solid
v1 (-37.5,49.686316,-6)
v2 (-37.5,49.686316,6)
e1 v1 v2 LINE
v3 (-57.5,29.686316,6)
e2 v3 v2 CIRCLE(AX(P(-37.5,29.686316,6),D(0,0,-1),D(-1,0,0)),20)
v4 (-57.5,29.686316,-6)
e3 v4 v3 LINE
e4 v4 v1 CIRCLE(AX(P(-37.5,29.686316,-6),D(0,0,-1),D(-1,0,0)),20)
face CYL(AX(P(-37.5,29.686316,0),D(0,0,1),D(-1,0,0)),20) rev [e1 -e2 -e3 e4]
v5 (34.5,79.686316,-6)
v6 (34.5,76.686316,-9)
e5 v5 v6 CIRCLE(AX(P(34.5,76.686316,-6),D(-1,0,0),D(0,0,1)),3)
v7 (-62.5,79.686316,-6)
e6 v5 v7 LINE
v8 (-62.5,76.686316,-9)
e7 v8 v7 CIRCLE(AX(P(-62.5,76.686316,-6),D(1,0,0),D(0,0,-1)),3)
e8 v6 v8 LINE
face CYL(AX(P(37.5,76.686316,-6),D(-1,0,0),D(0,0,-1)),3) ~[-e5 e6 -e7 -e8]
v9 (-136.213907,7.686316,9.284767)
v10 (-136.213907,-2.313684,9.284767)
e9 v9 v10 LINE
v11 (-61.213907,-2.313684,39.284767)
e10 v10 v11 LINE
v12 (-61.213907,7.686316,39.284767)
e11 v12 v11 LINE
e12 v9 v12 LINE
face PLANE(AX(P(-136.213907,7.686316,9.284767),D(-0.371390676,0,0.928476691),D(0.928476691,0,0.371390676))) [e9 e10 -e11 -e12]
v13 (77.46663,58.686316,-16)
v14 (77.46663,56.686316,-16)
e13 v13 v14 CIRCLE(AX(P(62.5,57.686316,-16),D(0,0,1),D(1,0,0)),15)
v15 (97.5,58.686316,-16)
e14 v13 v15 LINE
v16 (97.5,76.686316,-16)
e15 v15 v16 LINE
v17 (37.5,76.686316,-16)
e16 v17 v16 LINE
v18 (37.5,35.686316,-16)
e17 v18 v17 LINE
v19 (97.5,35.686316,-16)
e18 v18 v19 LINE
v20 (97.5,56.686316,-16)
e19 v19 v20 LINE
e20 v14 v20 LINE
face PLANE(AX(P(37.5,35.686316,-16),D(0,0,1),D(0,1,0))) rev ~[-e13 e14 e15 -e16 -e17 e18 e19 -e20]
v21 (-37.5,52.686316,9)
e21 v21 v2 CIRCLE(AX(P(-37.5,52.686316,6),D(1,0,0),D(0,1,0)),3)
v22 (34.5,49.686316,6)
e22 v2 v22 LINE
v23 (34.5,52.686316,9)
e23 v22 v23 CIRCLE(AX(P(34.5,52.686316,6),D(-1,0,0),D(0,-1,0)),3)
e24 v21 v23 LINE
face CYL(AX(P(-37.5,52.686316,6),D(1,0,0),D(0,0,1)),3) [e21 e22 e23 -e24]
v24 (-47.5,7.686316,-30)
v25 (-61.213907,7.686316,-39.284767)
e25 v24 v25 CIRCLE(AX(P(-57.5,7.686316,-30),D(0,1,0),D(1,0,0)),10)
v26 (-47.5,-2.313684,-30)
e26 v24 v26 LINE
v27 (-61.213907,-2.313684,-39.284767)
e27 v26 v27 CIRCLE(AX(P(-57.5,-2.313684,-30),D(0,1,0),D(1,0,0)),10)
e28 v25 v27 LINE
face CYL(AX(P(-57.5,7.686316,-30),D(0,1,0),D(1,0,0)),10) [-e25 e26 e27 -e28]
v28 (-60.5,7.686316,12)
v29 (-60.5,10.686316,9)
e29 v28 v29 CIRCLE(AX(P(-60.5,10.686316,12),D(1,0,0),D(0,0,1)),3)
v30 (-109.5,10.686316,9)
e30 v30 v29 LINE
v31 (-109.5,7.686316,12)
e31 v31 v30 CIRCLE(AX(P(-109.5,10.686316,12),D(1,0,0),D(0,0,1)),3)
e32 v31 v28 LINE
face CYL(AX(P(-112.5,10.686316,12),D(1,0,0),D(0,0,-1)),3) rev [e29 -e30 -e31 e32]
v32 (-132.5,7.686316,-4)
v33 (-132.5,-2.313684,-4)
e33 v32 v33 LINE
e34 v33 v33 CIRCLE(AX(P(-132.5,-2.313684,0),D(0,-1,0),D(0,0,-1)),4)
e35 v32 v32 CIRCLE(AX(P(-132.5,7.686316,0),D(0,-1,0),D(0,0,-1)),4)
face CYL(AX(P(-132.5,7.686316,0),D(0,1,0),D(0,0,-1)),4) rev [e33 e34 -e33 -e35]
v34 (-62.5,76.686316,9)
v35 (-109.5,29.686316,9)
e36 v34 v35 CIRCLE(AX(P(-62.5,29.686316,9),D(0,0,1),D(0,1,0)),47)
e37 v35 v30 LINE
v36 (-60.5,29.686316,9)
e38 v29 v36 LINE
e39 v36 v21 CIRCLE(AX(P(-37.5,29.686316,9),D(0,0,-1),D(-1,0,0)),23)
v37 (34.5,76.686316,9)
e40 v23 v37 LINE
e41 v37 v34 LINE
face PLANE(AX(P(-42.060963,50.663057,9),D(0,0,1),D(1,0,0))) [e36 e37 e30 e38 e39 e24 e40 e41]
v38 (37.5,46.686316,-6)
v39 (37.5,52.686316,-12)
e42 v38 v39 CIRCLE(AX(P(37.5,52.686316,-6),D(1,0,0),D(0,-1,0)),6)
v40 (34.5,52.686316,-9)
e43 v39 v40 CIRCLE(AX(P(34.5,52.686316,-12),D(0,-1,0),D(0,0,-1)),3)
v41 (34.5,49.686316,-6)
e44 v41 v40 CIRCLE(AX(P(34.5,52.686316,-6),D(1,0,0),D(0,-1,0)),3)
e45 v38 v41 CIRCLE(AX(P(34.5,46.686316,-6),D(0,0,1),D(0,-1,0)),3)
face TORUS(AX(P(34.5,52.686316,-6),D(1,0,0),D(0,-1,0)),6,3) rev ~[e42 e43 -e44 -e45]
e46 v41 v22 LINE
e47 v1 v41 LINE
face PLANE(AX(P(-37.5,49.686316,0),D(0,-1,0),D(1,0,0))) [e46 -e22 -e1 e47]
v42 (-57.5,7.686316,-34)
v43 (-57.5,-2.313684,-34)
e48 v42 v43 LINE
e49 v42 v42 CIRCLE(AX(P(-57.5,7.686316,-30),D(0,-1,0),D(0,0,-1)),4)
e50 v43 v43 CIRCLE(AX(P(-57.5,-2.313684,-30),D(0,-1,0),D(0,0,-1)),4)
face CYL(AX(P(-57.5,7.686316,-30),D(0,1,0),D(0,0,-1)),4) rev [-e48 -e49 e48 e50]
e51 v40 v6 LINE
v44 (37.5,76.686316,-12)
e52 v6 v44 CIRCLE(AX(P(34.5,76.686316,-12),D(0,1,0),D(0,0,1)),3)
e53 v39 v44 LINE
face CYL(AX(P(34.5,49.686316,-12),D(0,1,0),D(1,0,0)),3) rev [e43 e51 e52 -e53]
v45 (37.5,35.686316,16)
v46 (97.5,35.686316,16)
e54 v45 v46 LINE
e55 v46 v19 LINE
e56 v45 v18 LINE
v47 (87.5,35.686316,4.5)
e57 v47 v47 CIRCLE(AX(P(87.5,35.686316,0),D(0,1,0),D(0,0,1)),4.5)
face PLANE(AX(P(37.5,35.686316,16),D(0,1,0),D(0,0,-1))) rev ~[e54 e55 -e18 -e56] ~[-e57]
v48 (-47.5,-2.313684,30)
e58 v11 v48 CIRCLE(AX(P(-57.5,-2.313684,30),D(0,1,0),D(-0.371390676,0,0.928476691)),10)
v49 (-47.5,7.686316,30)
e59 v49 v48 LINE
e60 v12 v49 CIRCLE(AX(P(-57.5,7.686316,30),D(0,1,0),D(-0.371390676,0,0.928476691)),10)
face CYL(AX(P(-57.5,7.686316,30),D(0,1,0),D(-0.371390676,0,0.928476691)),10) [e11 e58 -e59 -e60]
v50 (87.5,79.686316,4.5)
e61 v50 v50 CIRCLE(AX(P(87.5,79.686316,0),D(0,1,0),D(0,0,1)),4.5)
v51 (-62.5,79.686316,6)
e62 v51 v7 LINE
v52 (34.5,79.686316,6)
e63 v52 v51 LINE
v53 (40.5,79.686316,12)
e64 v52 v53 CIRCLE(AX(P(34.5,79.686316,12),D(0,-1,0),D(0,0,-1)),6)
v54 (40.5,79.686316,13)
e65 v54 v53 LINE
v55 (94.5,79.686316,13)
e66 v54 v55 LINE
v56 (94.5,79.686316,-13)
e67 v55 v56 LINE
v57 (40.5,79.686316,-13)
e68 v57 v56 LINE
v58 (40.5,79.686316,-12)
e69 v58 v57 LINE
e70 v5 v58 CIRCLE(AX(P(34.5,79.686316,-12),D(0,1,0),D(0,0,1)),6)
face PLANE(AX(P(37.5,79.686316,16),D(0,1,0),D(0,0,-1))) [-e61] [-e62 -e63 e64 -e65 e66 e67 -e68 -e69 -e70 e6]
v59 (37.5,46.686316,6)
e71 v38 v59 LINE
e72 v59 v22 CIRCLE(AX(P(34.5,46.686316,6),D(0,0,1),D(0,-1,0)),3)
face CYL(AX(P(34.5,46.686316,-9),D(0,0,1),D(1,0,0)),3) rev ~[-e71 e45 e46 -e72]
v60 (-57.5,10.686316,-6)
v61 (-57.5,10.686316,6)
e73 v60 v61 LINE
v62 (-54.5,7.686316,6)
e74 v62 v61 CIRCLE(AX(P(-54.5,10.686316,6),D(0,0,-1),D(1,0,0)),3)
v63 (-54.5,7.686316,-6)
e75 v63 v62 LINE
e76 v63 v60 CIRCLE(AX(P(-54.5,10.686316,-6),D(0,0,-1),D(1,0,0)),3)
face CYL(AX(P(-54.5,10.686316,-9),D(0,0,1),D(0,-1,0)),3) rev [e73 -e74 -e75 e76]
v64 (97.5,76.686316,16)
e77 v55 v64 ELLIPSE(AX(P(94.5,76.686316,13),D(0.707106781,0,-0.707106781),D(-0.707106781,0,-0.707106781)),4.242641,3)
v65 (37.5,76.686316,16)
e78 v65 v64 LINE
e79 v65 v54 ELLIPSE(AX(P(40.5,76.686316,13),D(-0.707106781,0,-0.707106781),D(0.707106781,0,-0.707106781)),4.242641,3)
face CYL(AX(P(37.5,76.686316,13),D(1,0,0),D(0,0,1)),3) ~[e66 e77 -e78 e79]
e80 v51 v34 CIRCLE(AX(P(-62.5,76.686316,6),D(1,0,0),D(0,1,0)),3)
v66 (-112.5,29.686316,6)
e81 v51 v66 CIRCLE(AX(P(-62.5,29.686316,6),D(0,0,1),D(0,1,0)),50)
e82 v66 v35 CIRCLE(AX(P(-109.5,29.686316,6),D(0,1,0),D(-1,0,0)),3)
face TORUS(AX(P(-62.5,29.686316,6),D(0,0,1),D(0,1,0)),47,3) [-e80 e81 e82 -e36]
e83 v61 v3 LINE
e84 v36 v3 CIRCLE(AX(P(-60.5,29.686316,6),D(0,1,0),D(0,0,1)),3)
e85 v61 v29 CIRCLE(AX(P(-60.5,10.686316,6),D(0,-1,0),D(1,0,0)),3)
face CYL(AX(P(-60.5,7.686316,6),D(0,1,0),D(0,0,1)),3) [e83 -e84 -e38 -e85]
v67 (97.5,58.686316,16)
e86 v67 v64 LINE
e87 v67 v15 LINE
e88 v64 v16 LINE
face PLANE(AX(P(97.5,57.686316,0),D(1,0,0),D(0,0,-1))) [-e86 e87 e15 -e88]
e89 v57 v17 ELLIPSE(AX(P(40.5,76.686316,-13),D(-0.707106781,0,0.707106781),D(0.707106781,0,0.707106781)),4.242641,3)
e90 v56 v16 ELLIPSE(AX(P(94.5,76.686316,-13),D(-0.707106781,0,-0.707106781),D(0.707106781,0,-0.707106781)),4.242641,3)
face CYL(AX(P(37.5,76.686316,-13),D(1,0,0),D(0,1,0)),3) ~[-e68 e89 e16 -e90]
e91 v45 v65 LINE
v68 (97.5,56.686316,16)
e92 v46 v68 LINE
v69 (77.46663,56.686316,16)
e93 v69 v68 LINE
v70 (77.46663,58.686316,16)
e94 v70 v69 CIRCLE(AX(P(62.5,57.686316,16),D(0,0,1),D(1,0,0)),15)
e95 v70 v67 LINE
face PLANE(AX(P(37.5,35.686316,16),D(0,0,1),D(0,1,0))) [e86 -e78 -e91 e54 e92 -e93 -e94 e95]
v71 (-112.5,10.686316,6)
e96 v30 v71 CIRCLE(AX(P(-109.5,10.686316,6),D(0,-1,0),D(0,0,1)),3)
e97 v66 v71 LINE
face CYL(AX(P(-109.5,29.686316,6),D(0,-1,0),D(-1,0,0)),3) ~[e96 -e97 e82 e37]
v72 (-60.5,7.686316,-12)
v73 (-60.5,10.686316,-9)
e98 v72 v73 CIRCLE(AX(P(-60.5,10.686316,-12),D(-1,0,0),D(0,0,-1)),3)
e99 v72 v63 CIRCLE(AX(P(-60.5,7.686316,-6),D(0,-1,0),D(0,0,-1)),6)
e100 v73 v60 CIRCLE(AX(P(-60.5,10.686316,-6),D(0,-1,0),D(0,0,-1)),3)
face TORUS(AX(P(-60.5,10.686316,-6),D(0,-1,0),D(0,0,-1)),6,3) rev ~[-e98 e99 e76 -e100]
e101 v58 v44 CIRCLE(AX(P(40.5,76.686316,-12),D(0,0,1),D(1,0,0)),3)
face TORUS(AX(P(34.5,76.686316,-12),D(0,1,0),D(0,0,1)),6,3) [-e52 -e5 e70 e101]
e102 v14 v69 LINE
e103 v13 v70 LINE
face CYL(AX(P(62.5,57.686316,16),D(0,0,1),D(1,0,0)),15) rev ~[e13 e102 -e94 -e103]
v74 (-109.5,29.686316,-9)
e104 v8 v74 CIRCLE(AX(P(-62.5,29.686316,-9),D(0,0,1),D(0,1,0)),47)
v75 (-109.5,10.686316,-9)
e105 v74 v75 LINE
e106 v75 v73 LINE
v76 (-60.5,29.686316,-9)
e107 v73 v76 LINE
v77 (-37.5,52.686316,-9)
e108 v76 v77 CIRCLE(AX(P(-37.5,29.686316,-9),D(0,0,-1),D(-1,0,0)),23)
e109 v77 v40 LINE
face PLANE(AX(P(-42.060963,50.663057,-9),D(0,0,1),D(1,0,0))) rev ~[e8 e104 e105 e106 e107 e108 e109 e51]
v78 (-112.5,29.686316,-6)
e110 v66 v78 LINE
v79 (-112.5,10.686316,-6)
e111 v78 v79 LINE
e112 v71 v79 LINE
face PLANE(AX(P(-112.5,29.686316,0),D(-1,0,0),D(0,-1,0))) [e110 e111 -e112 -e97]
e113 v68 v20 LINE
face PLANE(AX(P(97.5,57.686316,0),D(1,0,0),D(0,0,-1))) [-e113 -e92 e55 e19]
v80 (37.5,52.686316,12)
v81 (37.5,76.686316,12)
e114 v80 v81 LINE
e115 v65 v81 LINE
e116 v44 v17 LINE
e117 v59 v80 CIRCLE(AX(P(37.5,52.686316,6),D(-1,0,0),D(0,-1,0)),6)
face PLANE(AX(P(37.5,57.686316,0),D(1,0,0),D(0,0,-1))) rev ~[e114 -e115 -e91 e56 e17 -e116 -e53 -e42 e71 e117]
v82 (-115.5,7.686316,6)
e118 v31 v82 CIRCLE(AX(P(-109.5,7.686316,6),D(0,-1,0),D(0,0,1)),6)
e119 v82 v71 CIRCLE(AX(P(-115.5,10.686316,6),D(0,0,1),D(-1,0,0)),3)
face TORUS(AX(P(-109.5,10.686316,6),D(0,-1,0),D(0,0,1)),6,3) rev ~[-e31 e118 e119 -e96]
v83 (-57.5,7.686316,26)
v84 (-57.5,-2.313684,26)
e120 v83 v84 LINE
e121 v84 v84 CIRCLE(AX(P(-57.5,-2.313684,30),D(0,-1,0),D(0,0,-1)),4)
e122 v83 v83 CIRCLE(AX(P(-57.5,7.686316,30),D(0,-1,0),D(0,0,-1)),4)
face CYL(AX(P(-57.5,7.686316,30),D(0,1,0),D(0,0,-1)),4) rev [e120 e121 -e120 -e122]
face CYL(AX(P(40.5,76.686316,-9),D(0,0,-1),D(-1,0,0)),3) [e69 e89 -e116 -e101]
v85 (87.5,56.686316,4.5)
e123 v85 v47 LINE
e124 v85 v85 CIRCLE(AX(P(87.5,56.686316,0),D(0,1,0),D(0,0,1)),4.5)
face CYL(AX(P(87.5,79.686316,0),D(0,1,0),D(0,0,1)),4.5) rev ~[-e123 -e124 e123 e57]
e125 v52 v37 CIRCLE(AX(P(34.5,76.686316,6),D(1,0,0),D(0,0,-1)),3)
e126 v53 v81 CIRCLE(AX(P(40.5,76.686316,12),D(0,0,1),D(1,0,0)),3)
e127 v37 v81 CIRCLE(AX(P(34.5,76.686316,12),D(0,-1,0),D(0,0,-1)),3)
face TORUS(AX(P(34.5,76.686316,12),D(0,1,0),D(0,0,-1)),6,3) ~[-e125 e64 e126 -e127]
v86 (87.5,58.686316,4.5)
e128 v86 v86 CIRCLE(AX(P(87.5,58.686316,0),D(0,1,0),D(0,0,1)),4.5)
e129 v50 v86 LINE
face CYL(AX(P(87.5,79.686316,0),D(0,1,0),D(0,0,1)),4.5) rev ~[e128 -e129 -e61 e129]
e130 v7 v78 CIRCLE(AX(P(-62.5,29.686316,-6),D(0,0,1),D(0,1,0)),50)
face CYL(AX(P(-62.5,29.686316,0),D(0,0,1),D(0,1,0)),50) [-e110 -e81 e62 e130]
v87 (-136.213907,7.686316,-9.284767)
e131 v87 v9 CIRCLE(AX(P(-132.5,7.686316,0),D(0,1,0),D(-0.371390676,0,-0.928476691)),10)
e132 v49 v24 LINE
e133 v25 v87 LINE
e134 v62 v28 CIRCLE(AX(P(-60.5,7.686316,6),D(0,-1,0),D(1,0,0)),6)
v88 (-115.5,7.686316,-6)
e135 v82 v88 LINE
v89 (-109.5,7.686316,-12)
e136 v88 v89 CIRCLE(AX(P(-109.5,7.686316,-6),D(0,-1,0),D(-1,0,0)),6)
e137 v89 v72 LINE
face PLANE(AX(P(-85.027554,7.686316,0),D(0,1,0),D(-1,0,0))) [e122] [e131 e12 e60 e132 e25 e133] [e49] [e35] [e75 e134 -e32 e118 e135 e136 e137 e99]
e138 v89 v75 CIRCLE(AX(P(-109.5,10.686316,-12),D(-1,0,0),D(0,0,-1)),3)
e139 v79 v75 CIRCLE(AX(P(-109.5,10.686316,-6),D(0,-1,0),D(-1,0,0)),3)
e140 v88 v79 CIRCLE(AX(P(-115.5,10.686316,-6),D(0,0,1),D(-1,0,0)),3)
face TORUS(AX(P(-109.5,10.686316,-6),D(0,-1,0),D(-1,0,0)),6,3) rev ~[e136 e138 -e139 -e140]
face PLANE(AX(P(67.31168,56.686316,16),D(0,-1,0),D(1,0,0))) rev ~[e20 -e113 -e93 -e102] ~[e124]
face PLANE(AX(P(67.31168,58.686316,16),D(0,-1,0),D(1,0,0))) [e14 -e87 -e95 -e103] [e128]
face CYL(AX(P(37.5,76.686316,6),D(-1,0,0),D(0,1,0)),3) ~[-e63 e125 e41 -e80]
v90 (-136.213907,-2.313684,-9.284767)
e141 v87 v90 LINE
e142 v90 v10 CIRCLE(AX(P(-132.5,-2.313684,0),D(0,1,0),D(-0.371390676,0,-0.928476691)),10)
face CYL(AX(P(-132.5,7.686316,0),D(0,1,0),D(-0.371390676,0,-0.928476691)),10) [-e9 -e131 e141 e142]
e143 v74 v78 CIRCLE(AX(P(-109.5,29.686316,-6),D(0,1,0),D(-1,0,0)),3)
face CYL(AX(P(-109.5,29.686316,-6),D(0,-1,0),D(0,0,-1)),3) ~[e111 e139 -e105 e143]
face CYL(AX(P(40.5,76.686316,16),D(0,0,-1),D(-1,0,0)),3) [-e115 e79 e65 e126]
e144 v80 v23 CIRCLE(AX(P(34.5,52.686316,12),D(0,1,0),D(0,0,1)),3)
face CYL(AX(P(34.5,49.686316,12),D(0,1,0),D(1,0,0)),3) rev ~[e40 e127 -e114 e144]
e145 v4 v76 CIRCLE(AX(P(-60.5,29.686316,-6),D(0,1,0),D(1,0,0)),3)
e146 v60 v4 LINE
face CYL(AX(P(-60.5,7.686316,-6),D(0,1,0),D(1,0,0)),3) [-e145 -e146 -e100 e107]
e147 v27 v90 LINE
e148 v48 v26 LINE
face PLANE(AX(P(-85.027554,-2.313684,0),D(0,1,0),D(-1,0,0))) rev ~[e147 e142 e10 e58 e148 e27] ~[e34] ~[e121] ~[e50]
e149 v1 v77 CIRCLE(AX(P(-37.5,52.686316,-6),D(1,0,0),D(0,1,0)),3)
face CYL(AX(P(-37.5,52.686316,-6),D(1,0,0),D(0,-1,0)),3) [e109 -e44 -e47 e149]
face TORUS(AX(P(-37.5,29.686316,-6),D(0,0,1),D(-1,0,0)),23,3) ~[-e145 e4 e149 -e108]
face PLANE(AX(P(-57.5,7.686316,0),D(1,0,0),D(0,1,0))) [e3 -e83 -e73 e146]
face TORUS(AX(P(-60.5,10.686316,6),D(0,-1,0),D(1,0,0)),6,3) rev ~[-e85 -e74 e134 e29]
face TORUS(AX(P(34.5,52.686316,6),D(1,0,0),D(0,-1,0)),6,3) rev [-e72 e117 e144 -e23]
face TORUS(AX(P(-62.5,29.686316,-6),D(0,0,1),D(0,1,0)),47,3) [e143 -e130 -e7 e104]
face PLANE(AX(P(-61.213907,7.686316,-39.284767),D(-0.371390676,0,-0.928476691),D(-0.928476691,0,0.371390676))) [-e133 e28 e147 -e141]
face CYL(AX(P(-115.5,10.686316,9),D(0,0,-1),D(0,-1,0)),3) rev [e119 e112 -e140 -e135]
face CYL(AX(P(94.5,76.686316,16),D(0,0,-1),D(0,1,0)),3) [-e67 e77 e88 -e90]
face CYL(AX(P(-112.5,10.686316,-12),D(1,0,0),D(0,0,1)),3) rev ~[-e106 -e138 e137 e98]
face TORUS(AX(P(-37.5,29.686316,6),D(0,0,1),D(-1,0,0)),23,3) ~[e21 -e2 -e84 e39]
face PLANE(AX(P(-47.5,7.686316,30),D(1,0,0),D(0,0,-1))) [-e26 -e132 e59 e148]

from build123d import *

# Parameters (mm, degrees)
BOSS_EXTRUDE1_DEPTH = 9
SKETCH3_R           = 4
SKETCH3_W           = 55
SKETCH3_H           = 18
BOSS_EXTRUDE2_DEPTH = 10
SKETCH4_W           = 32
SKETCH4_H           = 44
BOSS_EXTRUDE3_DEPTH = 60
SKETCH5_R           = 15
CUT_EXTRUDE1_DEPTH  = 60
SKETCH6_W           = 54.078900839
SKETCH6_H           = 2
CUT_EXTRUDE2_DEPTH  = 60
SKETCH7_R           = 4.5
CUT_EXTRUDE3_DEPTH  = 170.204757616
FILLET1_R           = 3


with BuildPart() as part:
    # Sketch1 → Boss-Extrude1 (new, symmetric)
    with BuildSketch(Plane.XY):
        with BuildLine():
            Line((-112.5, 7.686316473), (-57.5, 7.686316473))
            Line((-57.5, 7.686316473), (-57.5, 29.686316473))
            ThreePointArc((-57.5, 29.686316473), (-51.642135624, 43.828452097), (-37.5, 49.686316473))
            Line((-37.5, 49.686316473), (37.5, 49.686316473))
            Line((37.5, 49.686316473), (37.5, 79.686316473))
            Line((37.5, 79.686316473), (-62.5, 79.686316473))
            ThreePointArc((-62.5, 79.686316473), (-97.855339059, 65.041655533), (-112.5, 29.686316473))
            Line((-112.5, 29.686316473), (-112.5, 7.686316473))
        make_face()
    extrude(amount=BOSS_EXTRUDE1_DEPTH, both=True)

    # Sketch3 → Boss-Extrude2 (add)
    # profile 1 of 2: a face of its own
    with BuildSketch(Plane.XZ.offset(-7.686316473)):
        with BuildLine():
            ThreePointArc((-136.213906764, -9.284766909), (-142.5, 0), (-136.213906764, 9.284766909))
            Line((-136.213906764, 9.284766909), (-61.213906764, 39.284766909))
            ThreePointArc((-61.213906764, 39.284766909), (-51.893711907, 38.280672305), (-47.5, 30))
            Line((-47.5, 30), (-47.5, -30))
            ThreePointArc((-47.5, -30), (-51.893711907, -38.280672305), (-61.213906764, -39.284766909))
            Line((-61.213906764, -39.284766909), (-136.213906764, -9.284766909))
        make_face()
        with Locations(Location((-57.5, 30, 0), (0, 0, 270))):
            Circle(SKETCH3_R, mode=Mode.SUBTRACT)
        with Locations(Location((-57.5, -30, 0), (0, 0, 270))):
            Circle(SKETCH3_R, mode=Mode.SUBTRACT)
        with Locations(Location((-132.5, 0, 0), (0, 0, 270))):
            Circle(SKETCH3_R, mode=Mode.SUBTRACT)
        with Locations((-85, 0)):
            Rectangle(SKETCH3_W, SKETCH3_H, mode=Mode.SUBTRACT)
    # profile 2 of 2: a face of its own
    with BuildSketch(Plane.XZ.offset(-7.686316473)):
        with Locations((-85, 0)):
            Rectangle(SKETCH3_W, SKETCH3_H)
    extrude(amount=BOSS_EXTRUDE2_DEPTH)

    # Sketch4 → Boss-Extrude3 (add)
    with BuildSketch(Plane(origin=(37.5, 0, 0), x_dir=(0, 0, -1), z_dir=(1, 0, 0))):
        with Locations((0, 57.686316473)):
            Rectangle(SKETCH4_W, SKETCH4_H)
    extrude(amount=BOSS_EXTRUDE3_DEPTH)

    # Sketch5 → Cut-Extrude1 (cut)
    with BuildSketch(Plane.XY.offset(16)):
        with Locations((62.5, 57.686316473)):
            Circle(SKETCH5_R)
    extrude(amount=-CUT_EXTRUDE1_DEPTH, mode=Mode.SUBTRACT)

    # Sketch6 → Cut-Extrude2 (cut)
    with BuildSketch(Plane.XY.offset(16)):
        with Locations((94.351130384, 57.686316473)):
            Rectangle(SKETCH6_W, SKETCH6_H)
    extrude(amount=-CUT_EXTRUDE2_DEPTH, mode=Mode.SUBTRACT)

    # Sketch7 → Cut-Extrude3 (cut, through all)
    with BuildSketch(Plane(origin=(0, 79.686316473, 0), x_dir=(1, 0, 0), z_dir=(0, 1, 0))):
        with Locations(Location((87.5, 0, 0), (0, 0, 270))):
            Circle(SKETCH7_R)
    extrude(amount=-CUT_EXTRUDE3_DEPTH, mode=Mode.SUBTRACT)

    # Fillet1
    fillet1_edges = [part.edges().sort_by_distance(p)[0] for p in [
        (-57.5, 18.686316473, 9),
        (-85, 7.686316473, -9),
        (-112.5, 18.686316473, -9),
        (-51.642135624, 43.828452097, 9),
        (37.5, 49.686316473, 0),
        (-57.5, 7.686316473, 0),
        (-112.5, 7.686316473, 0),
        (0, 49.686316473, 9),
        (37.5, 64.686316473, 9),
        (-12.5, 79.686316473, 9),
        (-97.855339059, 65.041655533, 9),
        (-112.5, 18.686316473, 9),
        (97.5, 79.686316473, 0),
        (67.5, 79.686316473, -16),
        (67.5, 79.686316473, 16),
        (37.5, 79.686316473, -12.5),
        (37.5, 79.686316473, 12.5),
        (-85, 7.686316473, 9),
        (-97.855339059, 65.041655533, -9),
        (-12.5, 79.686316473, -9),
        (37.5, 64.686316473, -9),
        (0, 49.686316473, -9),
        (-51.642135624, 43.828452097, -9),
        (-57.5, 18.686316473, -9),
    ]]
    fillet(fillet1_edges, radius=FILLET1_R)


solid = part.part
